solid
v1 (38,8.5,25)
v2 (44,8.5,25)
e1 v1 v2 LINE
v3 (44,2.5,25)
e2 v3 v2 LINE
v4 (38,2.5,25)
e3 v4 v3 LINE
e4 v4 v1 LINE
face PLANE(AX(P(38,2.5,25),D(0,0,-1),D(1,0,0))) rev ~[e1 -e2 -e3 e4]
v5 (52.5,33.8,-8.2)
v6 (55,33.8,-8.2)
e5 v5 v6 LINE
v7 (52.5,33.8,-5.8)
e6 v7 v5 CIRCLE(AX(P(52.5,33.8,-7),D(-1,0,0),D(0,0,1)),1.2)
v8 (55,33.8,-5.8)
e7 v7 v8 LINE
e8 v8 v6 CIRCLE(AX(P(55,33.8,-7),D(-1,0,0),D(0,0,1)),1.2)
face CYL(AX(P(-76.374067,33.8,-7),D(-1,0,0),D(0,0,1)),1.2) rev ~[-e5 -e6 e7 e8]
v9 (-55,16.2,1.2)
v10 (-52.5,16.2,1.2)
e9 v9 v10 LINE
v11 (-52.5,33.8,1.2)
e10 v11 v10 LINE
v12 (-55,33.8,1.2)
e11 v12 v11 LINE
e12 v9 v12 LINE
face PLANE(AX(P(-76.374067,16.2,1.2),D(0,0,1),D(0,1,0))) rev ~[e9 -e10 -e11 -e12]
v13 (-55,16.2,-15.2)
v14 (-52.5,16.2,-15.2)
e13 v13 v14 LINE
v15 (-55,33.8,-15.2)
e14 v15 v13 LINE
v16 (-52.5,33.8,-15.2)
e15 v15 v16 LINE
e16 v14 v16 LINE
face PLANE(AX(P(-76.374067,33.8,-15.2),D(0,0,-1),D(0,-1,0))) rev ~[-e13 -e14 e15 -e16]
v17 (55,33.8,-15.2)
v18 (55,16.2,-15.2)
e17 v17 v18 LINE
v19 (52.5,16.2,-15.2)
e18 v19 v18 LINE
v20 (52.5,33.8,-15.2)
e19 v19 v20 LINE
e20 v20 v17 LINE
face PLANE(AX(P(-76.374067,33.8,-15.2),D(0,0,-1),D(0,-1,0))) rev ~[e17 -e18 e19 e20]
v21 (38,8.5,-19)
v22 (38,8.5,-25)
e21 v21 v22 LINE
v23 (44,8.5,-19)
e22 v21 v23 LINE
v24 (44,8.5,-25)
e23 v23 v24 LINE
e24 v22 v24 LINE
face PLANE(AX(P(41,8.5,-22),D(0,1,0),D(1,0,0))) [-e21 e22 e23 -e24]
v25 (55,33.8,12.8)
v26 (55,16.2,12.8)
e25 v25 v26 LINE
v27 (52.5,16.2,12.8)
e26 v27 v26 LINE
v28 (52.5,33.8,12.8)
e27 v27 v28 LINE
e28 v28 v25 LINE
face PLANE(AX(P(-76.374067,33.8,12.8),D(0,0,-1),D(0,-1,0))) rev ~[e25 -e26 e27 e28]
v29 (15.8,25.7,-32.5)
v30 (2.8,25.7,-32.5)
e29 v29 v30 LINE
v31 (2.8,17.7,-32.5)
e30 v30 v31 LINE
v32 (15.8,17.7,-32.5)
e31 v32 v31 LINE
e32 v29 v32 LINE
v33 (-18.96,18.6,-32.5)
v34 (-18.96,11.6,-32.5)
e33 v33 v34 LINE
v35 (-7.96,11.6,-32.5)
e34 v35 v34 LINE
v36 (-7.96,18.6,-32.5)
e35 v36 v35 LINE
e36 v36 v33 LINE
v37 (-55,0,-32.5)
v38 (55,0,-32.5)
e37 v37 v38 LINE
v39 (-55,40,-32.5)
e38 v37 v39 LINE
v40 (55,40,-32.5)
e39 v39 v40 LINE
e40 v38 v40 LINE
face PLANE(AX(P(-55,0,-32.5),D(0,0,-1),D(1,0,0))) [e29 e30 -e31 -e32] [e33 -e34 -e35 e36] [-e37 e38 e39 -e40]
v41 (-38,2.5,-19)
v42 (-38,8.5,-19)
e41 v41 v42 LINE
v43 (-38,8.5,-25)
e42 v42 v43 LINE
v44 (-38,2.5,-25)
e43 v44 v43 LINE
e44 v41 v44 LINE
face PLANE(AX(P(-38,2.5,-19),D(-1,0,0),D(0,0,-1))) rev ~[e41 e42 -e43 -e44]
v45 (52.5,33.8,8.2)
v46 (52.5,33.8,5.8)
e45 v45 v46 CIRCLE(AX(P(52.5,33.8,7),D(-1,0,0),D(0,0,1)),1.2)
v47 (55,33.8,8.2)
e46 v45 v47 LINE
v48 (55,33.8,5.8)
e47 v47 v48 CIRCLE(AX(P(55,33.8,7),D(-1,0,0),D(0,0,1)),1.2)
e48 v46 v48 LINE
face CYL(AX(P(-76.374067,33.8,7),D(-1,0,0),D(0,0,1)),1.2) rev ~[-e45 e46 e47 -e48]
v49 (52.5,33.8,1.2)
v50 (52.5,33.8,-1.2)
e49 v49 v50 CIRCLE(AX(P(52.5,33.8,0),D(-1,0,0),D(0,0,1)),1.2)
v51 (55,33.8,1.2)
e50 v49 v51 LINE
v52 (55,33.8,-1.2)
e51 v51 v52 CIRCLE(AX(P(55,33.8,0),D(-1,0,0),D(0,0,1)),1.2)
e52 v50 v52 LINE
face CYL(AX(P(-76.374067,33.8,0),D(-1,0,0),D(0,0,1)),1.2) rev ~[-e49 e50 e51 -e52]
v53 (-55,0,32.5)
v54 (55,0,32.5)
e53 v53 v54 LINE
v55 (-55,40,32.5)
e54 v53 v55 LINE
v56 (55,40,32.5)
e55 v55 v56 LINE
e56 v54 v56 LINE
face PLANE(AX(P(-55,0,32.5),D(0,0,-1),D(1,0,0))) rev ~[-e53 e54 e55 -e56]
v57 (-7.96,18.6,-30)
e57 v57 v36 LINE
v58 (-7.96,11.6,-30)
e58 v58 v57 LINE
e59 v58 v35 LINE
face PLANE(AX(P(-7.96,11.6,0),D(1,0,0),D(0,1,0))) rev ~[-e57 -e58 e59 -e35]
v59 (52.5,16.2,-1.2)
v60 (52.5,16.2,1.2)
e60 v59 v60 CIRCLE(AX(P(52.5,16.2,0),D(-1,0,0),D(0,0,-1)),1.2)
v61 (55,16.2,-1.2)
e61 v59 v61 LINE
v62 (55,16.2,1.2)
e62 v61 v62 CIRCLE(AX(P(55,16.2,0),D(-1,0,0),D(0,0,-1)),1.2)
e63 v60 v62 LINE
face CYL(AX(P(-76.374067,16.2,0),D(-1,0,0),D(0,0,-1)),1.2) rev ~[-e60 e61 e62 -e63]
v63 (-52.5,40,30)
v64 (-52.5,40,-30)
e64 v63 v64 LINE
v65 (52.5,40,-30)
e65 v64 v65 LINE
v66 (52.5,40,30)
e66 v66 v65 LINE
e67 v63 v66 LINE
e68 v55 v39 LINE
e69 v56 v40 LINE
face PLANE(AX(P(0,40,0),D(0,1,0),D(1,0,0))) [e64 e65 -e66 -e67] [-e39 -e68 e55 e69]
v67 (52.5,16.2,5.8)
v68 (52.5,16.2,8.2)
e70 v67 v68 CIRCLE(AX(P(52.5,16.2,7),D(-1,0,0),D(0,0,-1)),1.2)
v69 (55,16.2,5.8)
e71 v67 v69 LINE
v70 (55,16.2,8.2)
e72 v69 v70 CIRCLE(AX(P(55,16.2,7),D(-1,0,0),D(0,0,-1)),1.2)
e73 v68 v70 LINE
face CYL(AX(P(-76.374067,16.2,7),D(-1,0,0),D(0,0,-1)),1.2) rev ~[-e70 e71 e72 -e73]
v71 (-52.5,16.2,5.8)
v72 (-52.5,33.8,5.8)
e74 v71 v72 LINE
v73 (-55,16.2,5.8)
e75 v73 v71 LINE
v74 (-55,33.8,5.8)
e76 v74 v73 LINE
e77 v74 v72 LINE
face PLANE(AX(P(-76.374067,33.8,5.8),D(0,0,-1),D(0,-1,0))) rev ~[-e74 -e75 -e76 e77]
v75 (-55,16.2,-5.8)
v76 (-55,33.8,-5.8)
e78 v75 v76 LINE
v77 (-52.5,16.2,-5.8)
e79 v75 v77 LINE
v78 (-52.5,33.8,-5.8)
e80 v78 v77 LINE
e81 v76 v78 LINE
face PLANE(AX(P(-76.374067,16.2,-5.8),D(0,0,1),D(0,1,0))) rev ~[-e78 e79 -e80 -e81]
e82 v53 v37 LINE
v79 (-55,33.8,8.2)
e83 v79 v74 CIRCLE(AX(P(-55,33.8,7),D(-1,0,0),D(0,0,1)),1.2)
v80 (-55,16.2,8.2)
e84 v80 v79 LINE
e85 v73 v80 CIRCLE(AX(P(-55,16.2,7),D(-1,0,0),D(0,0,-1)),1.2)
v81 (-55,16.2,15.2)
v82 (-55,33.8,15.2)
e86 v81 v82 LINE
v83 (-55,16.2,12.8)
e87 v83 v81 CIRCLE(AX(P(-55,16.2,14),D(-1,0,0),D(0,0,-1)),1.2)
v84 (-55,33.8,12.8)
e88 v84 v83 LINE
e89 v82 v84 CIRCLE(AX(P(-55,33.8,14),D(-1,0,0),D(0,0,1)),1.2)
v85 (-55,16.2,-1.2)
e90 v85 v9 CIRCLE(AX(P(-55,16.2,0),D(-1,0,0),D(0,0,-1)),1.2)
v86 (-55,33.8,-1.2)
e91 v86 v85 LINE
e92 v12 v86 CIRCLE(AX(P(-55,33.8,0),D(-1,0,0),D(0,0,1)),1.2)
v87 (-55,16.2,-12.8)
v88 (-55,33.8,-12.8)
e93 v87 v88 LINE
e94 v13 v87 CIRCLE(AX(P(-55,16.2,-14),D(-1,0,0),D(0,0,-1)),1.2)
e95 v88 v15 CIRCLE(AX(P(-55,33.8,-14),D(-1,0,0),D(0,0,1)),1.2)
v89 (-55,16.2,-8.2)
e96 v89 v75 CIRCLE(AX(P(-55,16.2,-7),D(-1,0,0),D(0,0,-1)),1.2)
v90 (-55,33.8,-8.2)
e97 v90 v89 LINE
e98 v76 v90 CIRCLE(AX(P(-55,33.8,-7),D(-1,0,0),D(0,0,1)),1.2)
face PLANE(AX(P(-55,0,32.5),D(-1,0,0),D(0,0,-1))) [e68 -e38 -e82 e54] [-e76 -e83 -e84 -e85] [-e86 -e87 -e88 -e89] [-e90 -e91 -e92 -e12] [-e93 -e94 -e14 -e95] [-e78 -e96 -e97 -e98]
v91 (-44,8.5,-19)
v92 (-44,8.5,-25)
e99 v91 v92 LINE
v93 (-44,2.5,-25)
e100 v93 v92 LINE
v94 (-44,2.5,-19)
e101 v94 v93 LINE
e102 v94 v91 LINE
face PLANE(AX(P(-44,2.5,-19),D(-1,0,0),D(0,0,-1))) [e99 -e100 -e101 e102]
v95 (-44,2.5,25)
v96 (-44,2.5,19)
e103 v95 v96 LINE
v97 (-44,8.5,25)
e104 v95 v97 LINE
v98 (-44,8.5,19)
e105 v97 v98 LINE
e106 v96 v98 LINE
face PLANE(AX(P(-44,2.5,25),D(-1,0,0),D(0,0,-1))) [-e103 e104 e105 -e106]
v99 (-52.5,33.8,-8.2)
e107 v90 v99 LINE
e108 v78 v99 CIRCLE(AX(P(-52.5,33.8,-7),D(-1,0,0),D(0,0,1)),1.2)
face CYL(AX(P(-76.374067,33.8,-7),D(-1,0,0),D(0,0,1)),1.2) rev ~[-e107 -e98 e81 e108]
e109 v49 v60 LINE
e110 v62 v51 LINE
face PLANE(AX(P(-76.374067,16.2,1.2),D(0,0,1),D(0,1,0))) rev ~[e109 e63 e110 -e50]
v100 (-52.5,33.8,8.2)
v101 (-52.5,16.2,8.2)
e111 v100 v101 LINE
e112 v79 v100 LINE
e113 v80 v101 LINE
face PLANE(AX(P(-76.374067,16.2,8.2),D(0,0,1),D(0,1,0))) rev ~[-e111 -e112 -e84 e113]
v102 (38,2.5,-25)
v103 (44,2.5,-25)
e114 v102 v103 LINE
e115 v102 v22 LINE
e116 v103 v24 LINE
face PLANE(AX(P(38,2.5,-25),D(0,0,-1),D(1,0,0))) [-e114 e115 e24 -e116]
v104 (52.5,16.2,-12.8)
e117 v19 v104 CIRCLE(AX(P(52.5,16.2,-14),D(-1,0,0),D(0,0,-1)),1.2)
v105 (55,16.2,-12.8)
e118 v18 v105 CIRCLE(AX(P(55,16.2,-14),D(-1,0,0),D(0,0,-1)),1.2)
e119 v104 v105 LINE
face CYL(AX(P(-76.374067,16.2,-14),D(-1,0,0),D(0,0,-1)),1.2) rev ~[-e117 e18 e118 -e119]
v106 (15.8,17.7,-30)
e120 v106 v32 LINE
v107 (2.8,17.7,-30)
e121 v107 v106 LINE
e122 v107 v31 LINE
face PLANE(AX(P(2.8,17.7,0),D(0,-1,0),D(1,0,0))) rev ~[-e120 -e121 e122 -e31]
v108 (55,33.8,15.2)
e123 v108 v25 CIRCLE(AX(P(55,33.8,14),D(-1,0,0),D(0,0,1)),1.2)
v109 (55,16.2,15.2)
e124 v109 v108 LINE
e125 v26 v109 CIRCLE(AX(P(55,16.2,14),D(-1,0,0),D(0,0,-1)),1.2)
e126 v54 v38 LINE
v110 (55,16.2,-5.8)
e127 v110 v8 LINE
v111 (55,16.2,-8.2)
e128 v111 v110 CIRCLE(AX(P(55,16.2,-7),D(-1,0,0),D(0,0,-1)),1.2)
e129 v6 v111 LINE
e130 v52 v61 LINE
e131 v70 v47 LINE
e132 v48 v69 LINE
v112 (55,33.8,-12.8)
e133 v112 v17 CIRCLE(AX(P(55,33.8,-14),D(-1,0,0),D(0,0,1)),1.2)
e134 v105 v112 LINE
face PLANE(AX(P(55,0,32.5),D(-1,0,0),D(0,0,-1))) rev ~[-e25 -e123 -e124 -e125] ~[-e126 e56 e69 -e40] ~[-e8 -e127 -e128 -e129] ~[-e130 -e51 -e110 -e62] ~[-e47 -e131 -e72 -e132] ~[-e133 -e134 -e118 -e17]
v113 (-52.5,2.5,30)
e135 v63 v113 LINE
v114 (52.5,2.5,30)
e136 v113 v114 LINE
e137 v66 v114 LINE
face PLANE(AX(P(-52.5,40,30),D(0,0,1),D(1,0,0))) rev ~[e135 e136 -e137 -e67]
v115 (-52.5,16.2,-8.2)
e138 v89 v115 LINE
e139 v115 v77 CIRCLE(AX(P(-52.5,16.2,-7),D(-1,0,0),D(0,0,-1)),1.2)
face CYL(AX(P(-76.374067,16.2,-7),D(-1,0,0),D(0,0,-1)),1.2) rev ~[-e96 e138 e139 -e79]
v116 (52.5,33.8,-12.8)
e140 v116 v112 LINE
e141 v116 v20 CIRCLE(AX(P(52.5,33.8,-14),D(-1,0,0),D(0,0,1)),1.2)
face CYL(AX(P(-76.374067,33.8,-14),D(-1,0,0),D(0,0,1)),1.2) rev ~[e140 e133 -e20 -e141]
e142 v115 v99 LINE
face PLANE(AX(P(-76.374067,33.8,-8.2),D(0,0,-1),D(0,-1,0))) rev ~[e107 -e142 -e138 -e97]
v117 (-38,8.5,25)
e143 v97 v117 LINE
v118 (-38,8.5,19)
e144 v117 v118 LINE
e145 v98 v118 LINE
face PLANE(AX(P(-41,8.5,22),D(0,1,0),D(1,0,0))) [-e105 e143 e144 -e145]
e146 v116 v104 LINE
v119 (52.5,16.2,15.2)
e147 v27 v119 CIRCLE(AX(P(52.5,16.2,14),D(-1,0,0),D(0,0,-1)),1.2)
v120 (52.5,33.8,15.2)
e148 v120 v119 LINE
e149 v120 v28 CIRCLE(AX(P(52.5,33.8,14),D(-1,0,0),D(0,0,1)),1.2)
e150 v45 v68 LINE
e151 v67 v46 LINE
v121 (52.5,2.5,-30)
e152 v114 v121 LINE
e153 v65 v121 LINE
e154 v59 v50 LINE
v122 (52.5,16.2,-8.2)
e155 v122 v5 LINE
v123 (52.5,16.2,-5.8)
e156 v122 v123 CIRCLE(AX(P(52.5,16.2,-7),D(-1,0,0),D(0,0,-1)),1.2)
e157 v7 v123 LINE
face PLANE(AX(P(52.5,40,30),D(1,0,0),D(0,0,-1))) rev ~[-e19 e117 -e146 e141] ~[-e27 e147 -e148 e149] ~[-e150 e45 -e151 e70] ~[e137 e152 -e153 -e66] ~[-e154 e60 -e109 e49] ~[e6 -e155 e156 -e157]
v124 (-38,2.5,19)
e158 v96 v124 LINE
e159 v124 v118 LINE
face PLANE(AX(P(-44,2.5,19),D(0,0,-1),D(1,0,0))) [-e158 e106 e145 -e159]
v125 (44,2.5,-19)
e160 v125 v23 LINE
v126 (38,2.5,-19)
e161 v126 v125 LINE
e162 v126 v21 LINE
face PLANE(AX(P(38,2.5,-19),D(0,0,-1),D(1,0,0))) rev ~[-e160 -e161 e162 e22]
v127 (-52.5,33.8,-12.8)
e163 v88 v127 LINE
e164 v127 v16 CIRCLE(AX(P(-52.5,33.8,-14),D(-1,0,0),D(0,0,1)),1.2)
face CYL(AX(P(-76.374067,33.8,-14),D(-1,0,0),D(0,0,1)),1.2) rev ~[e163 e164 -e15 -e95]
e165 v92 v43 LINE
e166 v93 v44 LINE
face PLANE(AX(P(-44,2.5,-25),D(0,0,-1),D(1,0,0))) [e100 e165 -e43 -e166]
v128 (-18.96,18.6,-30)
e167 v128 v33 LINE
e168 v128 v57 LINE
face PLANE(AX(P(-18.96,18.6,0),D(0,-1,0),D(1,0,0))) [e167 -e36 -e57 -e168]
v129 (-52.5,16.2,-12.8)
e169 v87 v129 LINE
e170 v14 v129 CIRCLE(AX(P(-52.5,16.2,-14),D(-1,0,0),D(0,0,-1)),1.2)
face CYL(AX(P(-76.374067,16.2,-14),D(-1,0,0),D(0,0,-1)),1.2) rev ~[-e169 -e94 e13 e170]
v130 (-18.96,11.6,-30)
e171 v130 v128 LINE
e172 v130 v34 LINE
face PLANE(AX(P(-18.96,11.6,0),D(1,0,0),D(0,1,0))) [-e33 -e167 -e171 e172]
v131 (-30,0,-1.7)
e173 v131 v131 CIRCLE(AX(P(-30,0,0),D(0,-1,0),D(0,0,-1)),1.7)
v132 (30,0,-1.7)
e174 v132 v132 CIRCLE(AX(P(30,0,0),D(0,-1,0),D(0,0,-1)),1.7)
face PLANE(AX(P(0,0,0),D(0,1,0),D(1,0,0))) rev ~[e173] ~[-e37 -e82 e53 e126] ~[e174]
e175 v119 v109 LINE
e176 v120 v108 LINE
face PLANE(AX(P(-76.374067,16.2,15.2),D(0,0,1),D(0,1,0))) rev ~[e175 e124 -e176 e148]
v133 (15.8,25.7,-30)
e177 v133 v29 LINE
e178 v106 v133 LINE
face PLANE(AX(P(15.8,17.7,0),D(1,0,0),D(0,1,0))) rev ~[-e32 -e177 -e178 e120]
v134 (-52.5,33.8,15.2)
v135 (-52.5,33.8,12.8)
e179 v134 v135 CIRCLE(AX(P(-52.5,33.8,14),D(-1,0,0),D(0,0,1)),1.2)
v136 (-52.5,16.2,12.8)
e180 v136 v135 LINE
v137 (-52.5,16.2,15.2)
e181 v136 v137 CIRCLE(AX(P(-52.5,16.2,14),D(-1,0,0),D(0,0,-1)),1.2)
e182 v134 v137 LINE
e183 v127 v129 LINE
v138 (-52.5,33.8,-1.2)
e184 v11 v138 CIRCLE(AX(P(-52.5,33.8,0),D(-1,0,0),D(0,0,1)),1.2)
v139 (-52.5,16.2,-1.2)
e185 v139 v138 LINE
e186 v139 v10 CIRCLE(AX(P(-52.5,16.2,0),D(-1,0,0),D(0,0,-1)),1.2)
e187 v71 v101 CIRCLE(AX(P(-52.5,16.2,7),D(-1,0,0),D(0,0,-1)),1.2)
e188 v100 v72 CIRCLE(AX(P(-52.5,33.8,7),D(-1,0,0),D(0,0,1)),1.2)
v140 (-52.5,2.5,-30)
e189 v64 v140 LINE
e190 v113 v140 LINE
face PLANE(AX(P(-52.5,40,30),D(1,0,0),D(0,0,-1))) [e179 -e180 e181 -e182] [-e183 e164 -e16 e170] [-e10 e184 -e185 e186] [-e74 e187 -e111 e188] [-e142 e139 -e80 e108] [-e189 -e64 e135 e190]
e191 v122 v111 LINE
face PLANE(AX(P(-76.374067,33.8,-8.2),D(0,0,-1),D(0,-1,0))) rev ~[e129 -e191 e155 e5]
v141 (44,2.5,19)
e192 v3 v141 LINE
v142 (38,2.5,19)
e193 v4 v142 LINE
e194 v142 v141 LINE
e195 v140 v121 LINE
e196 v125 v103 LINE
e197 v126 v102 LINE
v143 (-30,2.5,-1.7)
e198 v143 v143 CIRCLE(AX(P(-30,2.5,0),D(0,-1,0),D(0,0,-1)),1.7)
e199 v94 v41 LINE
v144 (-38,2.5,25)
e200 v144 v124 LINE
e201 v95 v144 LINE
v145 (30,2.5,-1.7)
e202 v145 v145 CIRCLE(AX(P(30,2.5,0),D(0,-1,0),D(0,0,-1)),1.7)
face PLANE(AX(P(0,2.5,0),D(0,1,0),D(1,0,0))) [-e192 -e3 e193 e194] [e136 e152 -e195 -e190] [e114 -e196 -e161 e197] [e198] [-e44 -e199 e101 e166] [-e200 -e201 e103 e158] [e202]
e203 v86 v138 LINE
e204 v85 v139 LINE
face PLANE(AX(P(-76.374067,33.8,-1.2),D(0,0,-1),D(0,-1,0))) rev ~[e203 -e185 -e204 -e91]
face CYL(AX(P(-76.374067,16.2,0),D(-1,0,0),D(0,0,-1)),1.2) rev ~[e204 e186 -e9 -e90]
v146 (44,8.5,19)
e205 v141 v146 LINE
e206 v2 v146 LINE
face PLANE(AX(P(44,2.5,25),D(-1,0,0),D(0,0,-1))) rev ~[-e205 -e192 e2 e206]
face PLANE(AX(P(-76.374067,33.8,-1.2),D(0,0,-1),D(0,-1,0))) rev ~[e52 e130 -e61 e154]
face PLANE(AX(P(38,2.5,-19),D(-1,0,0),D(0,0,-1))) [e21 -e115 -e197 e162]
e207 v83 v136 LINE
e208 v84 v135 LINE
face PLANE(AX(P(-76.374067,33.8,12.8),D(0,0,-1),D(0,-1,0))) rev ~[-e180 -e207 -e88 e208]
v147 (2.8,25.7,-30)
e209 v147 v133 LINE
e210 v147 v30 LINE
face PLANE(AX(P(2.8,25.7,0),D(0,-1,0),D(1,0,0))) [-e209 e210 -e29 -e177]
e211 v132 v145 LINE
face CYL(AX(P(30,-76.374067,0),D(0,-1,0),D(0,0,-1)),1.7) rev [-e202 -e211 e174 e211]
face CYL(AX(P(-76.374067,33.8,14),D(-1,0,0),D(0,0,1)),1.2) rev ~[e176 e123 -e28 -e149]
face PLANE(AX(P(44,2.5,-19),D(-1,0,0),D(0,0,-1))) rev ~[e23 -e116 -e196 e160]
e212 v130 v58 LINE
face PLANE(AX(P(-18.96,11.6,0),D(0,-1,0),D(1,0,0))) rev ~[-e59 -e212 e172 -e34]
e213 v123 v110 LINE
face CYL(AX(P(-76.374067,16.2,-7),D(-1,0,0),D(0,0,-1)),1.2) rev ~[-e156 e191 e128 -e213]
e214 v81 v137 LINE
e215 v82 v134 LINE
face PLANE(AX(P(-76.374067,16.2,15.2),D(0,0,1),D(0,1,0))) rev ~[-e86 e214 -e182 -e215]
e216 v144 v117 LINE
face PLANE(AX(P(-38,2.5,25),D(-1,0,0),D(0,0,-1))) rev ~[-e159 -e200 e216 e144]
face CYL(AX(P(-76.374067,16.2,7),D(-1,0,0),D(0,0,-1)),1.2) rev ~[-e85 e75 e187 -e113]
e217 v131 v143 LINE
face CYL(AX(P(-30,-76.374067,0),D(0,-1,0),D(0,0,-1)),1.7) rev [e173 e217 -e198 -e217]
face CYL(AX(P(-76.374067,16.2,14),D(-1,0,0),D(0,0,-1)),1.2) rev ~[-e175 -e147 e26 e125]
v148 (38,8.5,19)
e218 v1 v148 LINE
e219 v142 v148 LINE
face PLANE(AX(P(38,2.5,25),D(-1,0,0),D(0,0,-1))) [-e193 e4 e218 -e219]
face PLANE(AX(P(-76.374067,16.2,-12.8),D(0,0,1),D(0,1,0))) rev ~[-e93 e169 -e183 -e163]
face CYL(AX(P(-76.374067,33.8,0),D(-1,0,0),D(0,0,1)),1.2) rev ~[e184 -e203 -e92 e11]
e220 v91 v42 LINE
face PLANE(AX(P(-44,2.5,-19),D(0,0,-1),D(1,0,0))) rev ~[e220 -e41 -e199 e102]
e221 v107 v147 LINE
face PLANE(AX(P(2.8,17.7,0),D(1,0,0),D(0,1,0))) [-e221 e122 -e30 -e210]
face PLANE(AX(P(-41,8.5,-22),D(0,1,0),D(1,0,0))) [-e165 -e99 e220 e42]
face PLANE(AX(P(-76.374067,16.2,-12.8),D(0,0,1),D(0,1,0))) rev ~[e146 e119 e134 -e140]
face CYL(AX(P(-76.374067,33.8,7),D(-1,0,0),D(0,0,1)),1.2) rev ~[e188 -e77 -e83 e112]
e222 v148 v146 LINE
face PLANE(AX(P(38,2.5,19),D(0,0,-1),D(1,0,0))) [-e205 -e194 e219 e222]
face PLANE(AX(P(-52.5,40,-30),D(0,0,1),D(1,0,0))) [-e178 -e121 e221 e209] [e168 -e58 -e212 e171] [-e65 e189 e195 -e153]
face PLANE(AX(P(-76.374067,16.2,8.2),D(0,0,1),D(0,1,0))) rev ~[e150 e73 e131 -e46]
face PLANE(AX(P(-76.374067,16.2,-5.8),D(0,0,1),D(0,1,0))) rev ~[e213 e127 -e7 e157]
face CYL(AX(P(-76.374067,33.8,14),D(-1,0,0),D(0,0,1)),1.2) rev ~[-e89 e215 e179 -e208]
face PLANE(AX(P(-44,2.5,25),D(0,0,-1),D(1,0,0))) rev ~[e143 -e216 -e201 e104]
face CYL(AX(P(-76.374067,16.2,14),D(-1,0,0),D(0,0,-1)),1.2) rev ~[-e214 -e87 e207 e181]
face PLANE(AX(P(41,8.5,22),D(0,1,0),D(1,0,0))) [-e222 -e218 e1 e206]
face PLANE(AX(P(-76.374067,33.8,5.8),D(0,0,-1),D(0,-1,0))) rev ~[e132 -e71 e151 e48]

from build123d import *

# Parameters (mm, degrees)
CROQUIS_CONTORNO_W            = 110
CROQUIS_CONTORNO_H            = 65
CUERPO_DEPTH                  = 40
CROQUIS_VACIADO_W             = 105
CROQUIS_VACIADO_H             = 60
VACIADO_DEPTH                 = 37.5
CROQUIS_APOYOS_PCB_W          = 6
CROQUIS_APOYOS_PCB_H          = 6
APOYOS_PCB_DEPTH              = 6
CROQUIS_SALIDAS_W             = 13
CROQUIS_SALIDAS_H             = 8
CROQUIS_SALIDAS_W_2           = 11
CROQUIS_SALIDAS_H_2           = 7
SALIDAS_USB_Y_PANEL_DEPTH     = 76.374067158
VENTILAS_LATERALES_DEPTH      = 76.374067158
VENTILAS_LATERALES_DEPTH_BACK = 76.374067158
AGUJEROS_M3_DEPTH             = 76.374067158
AGUJEROS_M3_DEPTH_BACK        = 76.374067158
CROQUIS_TORNILLOS_R           = 1.7


with BuildPart() as part:
    # Croquis_contorno → Cuerpo (new body)
    with BuildSketch(Plane(origin=(0, 0, 0), x_dir=(1, 0, 0), z_dir=(0, 1, 0))):
        Rectangle(CROQUIS_CONTORNO_W, CROQUIS_CONTORNO_H)
    extrude(amount=CUERPO_DEPTH)

    # Croquis_vaciado → Vaciado (cut)
    with BuildSketch(Plane(origin=(0, 40, 0), x_dir=(1, 0, 0), z_dir=(0, 1, 0))):
        Rectangle(CROQUIS_VACIADO_W, CROQUIS_VACIADO_H)
    extrude(amount=-VACIADO_DEPTH, mode=Mode.SUBTRACT)

    # Croquis_apoyos_pcb → Apoyos_PCB (add)
    with BuildSketch(Plane(origin=(0, 2.5, 0), x_dir=(1, 0, 0), z_dir=(0, 1, 0))):
        with Locations((-41, 22)):
            Rectangle(CROQUIS_APOYOS_PCB_W, CROQUIS_APOYOS_PCB_H)
        with Locations((-41, -22)):
            Rectangle(CROQUIS_APOYOS_PCB_W, CROQUIS_APOYOS_PCB_H)
        with Locations((41, 22)):
            Rectangle(CROQUIS_APOYOS_PCB_W, CROQUIS_APOYOS_PCB_H)
        with Locations((41, -22)):
            Rectangle(CROQUIS_APOYOS_PCB_W, CROQUIS_APOYOS_PCB_H)
    extrude(amount=APOYOS_PCB_DEPTH)

    # Croquis_salidas → Salidas_USB_y_panel (cut, through all)
    with BuildSketch(Plane.XY):
        with Locations((9.3, 21.7)):
            Rectangle(CROQUIS_SALIDAS_W, CROQUIS_SALIDAS_H)
        with Locations((-13.46, 15.1)):
            Rectangle(CROQUIS_SALIDAS_W_2, CROQUIS_SALIDAS_H_2)
    extrude(amount=-SALIDAS_USB_Y_PANEL_DEPTH, mode=Mode.SUBTRACT)

    # Croquis_ventilas → Ventilas_laterales (cut, two sides: drawn at the far end of the back side and taken through both)
    with BuildSketch(Plane(origin=(0, 0, 0), x_dir=(0, 0, -1), z_dir=(1, 0, 0)).offset(-VENTILAS_LATERALES_DEPTH_BACK)):
        with BuildLine():
            Line((-15.2, 16.2), (-15.2, 33.8))
            ThreePointArc((-15.2, 33.8), (-14, 35), (-12.8, 33.8))
            Line((-12.8, 33.8), (-12.8, 16.2))
            ThreePointArc((-12.8, 16.2), (-14, 15), (-15.2, 16.2))
        make_face()
        with BuildLine():
            Line((-8.2, 16.2), (-8.2, 33.8))
            ThreePointArc((-8.2, 33.8), (-7, 35), (-5.8, 33.8))
            Line((-5.8, 33.8), (-5.8, 16.2))
            ThreePointArc((-5.8, 16.2), (-7, 15), (-8.2, 16.2))
        make_face()
        with BuildLine():
            Line((-1.2, 16.2), (-1.2, 33.8))
            ThreePointArc((-1.2, 33.8), (0, 35), (1.2, 33.8))
            Line((1.2, 33.8), (1.2, 16.2))
            ThreePointArc((1.2, 16.2), (0, 15), (-1.2, 16.2))
        make_face()
        with BuildLine():
            Line((5.8, 16.2), (5.8, 33.8))
            ThreePointArc((5.8, 33.8), (7, 35), (8.2, 33.8))
            Line((8.2, 33.8), (8.2, 16.2))
            ThreePointArc((8.2, 16.2), (7, 15), (5.8, 16.2))
        make_face()
        with BuildLine():
            Line((12.8, 16.2), (12.8, 33.8))
            ThreePointArc((12.8, 33.8), (14, 35), (15.2, 33.8))
            Line((15.2, 33.8), (15.2, 16.2))
            ThreePointArc((15.2, 16.2), (14, 15), (12.8, 16.2))
        make_face()
    extrude(amount=VENTILAS_LATERALES_DEPTH + VENTILAS_LATERALES_DEPTH_BACK, mode=Mode.SUBTRACT)

    # Croquis_tornillos → Agujeros_M3 (cut, two sides: drawn at the far end of the back side and taken through both)
    with BuildSketch(Plane(origin=(0, 0, 0), x_dir=(1, 0, 0), z_dir=(0, 1, 0)).offset(-AGUJEROS_M3_DEPTH_BACK)):
        with Locations(Location((-30, 0, 0), (0, 0, 90))):
            Circle(CROQUIS_TORNILLOS_R)
        with Locations(Location((30, 0, 0), (0, 0, 90))):
            Circle(CROQUIS_TORNILLOS_R)
    extrude(amount=AGUJEROS_M3_DEPTH + AGUJEROS_M3_DEPTH_BACK, mode=Mode.SUBTRACT)


solid = part.part
